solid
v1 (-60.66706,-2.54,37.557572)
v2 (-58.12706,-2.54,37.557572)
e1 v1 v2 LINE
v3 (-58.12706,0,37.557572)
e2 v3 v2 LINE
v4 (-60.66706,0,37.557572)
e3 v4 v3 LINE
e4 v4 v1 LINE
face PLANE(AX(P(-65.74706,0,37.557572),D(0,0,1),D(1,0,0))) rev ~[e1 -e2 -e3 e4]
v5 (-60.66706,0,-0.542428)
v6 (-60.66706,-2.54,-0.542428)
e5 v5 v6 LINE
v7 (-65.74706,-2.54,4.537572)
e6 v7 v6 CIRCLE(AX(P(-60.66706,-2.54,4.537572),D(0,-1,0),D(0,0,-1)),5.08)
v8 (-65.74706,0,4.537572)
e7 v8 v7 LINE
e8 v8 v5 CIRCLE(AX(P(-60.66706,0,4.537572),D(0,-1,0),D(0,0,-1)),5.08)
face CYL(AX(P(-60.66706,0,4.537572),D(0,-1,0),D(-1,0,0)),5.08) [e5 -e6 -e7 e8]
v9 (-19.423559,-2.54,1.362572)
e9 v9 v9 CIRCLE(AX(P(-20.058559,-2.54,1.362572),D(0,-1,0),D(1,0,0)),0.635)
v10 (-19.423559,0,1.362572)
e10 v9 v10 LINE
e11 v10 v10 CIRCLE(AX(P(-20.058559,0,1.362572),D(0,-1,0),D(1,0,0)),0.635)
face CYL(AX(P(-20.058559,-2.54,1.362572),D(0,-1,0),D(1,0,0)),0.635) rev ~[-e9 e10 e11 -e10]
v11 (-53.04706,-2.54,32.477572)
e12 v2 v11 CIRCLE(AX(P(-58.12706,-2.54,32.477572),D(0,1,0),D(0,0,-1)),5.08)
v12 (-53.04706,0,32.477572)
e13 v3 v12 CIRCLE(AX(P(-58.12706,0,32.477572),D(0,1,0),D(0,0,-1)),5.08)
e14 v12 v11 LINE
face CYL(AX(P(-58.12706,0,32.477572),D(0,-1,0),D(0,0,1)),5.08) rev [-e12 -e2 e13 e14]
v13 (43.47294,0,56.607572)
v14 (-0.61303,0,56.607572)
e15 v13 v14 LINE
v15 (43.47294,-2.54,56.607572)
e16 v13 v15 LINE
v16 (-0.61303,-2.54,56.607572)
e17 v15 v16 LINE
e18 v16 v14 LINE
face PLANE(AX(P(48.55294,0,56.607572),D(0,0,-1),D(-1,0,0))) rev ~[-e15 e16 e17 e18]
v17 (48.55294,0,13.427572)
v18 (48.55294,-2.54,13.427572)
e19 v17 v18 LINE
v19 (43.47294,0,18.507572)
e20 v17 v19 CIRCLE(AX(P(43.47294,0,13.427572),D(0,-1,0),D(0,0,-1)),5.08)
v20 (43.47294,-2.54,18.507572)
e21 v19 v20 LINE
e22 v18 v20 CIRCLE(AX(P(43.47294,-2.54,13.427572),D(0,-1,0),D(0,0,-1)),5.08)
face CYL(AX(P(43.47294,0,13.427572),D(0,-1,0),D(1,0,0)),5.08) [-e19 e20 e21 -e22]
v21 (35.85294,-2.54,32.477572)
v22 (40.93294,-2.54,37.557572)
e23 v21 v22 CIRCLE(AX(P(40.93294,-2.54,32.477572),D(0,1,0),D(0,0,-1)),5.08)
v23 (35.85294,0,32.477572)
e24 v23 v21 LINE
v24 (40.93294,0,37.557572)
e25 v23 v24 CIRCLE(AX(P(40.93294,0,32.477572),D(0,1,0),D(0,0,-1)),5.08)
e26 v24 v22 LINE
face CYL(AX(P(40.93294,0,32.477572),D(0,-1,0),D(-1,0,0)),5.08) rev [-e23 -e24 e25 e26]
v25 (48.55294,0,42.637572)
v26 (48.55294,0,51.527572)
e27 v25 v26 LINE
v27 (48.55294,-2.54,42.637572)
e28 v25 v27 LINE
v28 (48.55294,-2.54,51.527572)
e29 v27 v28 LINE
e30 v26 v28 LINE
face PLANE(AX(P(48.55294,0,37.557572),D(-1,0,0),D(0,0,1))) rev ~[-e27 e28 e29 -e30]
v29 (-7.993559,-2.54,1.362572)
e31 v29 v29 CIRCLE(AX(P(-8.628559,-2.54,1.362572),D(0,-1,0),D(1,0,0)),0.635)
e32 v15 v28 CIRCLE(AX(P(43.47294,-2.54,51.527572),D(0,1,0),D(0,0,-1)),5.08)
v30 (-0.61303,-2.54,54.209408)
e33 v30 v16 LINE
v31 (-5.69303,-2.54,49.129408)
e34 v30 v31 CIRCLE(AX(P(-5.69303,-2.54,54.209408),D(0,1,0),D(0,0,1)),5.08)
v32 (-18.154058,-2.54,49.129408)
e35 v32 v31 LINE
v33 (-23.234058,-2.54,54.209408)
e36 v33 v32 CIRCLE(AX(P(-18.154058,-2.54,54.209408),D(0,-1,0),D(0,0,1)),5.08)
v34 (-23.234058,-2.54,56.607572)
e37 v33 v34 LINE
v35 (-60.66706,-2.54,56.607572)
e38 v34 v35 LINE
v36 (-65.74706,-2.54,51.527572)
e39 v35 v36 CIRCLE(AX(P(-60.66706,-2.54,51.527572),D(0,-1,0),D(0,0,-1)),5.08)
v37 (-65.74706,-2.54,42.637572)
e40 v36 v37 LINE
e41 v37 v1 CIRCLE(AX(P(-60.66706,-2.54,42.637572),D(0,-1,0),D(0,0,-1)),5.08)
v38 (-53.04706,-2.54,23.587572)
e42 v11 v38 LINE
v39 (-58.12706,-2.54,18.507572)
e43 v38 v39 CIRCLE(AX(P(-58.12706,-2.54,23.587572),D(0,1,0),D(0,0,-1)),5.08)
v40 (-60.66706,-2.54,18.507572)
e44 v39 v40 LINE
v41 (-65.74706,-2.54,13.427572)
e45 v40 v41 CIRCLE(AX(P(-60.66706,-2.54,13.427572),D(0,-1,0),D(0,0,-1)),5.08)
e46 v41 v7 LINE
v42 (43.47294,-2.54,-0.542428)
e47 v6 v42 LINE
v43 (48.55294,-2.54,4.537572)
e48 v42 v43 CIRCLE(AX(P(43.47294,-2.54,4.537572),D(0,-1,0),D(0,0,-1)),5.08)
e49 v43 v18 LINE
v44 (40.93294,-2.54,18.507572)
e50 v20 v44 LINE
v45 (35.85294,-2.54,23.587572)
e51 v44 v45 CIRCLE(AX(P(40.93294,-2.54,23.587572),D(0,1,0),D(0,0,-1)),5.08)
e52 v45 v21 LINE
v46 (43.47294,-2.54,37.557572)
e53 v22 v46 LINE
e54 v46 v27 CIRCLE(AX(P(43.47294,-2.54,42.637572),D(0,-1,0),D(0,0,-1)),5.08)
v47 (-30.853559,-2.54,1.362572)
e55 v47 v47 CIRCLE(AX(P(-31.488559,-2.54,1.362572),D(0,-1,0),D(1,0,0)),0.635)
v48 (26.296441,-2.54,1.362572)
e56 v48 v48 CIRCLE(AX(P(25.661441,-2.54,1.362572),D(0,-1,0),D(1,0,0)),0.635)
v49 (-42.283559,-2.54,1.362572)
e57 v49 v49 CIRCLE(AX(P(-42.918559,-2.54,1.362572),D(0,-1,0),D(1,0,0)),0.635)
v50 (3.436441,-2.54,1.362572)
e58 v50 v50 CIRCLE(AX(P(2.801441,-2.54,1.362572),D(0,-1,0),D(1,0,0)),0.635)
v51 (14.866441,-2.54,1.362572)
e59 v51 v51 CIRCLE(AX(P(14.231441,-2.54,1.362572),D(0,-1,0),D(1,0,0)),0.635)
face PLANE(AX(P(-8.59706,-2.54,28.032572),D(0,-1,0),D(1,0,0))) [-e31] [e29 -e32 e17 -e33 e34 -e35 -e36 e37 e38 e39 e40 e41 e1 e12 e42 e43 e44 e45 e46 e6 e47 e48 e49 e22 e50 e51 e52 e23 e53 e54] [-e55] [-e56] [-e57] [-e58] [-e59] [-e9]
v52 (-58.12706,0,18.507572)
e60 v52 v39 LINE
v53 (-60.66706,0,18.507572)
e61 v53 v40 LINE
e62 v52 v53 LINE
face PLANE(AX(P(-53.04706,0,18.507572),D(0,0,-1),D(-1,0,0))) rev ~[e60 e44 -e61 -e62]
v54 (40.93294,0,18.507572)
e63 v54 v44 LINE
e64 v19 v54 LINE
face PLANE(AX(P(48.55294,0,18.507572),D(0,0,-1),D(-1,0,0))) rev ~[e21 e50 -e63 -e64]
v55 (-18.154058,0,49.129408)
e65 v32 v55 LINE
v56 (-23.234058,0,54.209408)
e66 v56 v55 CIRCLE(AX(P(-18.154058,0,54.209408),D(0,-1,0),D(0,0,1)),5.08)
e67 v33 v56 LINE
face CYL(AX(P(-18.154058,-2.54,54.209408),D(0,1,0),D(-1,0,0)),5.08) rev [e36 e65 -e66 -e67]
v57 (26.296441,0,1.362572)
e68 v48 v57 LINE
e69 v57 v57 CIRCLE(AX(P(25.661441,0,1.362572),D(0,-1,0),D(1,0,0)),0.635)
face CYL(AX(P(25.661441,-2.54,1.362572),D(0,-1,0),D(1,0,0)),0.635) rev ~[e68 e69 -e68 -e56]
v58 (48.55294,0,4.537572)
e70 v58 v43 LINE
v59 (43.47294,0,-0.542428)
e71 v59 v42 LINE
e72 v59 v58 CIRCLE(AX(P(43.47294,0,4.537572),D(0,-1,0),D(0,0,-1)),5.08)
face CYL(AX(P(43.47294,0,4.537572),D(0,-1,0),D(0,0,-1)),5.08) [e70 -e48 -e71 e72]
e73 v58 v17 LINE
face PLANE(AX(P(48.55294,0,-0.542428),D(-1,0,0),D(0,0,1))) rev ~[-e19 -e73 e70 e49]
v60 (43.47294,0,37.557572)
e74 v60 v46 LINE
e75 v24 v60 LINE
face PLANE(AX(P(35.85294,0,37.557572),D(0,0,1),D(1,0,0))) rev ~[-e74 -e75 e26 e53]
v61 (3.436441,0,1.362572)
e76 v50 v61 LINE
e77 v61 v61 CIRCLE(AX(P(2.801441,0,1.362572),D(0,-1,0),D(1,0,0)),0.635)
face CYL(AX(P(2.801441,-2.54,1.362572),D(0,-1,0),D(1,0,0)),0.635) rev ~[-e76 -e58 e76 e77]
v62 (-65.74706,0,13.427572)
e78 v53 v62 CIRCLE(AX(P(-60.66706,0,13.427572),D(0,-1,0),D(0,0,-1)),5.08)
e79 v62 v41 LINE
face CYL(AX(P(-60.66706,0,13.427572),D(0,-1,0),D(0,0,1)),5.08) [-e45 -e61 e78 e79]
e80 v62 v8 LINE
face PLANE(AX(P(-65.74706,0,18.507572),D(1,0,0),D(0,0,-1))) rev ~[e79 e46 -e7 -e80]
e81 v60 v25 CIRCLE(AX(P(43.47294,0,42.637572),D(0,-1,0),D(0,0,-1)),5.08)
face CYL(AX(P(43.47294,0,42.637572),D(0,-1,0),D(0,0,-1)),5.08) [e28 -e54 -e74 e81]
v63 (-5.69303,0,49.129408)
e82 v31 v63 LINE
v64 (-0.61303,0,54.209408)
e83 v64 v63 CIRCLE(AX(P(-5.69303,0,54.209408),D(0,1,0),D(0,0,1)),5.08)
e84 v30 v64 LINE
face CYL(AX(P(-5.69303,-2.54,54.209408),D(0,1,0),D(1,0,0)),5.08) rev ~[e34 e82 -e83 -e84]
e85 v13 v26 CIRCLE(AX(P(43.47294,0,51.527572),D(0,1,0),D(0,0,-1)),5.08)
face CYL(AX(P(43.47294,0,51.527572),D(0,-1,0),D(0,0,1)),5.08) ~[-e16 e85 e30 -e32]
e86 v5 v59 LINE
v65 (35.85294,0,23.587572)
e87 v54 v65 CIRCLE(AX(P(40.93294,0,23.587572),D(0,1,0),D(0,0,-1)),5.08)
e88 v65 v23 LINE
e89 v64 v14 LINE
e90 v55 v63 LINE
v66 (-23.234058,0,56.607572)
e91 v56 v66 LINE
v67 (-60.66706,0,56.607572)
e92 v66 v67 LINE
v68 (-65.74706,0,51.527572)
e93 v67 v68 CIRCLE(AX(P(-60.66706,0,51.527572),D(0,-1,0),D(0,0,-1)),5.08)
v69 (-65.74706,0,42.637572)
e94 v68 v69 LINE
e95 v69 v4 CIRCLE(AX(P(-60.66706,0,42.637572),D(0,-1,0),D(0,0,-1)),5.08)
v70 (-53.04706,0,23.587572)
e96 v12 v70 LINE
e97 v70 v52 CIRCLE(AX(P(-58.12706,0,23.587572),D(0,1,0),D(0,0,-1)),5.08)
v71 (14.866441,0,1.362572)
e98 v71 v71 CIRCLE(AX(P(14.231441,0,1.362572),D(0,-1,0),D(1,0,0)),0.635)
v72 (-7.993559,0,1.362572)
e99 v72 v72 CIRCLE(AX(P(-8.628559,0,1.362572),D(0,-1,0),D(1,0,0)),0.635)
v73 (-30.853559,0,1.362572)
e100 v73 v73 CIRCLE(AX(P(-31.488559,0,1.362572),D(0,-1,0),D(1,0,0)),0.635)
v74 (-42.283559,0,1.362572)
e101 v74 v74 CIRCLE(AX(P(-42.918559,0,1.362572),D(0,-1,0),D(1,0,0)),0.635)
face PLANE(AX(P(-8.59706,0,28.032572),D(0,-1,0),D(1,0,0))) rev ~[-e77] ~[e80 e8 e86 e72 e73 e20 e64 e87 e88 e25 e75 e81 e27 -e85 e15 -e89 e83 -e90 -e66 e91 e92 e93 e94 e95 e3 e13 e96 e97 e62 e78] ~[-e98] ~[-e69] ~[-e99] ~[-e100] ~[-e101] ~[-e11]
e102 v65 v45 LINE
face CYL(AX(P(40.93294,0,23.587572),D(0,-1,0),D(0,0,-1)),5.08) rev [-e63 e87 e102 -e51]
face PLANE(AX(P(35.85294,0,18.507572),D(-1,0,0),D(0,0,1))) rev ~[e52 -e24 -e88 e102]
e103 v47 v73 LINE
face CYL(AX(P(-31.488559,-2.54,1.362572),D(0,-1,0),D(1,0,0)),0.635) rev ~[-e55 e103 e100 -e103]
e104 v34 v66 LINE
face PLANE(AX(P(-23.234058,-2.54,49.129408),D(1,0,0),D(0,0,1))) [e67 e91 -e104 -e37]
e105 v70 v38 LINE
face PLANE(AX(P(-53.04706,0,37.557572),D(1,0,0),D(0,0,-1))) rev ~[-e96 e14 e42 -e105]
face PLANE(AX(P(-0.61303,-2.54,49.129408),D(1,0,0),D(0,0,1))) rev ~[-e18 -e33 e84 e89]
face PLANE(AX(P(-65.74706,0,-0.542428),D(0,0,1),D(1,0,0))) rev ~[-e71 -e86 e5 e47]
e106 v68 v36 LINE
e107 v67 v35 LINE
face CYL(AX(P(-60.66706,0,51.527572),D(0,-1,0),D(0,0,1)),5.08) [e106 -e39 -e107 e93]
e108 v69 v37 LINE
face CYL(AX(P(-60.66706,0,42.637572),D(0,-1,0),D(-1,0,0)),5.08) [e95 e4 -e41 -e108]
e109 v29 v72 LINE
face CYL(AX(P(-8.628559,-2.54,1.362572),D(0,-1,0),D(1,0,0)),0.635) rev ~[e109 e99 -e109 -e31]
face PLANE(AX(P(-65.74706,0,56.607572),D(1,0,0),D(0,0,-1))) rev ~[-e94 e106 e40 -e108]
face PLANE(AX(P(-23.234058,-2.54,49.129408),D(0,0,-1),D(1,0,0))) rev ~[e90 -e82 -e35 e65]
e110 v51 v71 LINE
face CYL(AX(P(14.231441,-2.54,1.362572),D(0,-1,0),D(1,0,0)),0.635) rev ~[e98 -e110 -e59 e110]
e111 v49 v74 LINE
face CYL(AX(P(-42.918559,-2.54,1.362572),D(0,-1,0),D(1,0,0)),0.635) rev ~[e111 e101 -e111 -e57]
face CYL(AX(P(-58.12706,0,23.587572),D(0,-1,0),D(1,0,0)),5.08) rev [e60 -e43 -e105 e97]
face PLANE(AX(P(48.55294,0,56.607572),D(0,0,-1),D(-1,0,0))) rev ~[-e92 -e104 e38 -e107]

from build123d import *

# Parameters (mm, degrees)
F1_DEPTH = 2.54
F2_R     = 5.08
F3_R     = 0.635
F4_DEPTH = 25.4
F5_W     = 22.621028
F5_H     = 7.478164
F6_DEPTH = 25.4
F7_R     = 5.08


with BuildPart() as f1:
    # F0 (on Front) → F1 (new body)
    with BuildSketch(Plane.XZ):
        Polygon((48.55294, 56.607572), (-65.74706, 56.607572), (-65.74706, 37.557572), (-53.04706, 37.557572), (-53.04706, 18.507572), (-65.74706, 18.507572), (-65.74706, -0.542428), (48.55294, -0.542428), (48.55294, 18.507572), (35.85294, 18.507572), (35.85294, 37.557572), (48.55294, 37.557572), align=None)
    extrude(amount=F1_DEPTH)

    # F2
    f2_edges = [f1.edges().sort_by_distance(p)[0] for p in [
        (-65.74706, -1.27, 56.607572),
        (-65.74706, -1.27, 37.557572),
        (-53.04706, -1.27, 37.557572),
        (-53.04706, -1.27, 18.507572),
        (-65.74706, -1.27, 18.507572),
        (-65.74706, -1.27, -0.542428),
        (48.55294, -1.27, -0.542428),
        (35.85294, -1.27, 18.507572),
        (48.55294, -1.27, 18.507572),
        (35.85294, -1.27, 37.557572),
        (48.55294, -1.27, 37.557572),
        (48.55294, -1.27, 56.607572),
    ]]
    fillet(f2_edges, radius=F2_R)

    # F3 (on face) → F4 (cut)
    with BuildSketch(Plane.XZ.offset(2.54)):
        with Locations((-42.918559, 1.362572)):
            Circle(F3_R)
        with Locations((-31.488559, 1.362572)):
            Circle(F3_R)
        with Locations((-20.058559, 1.362572)):
            Circle(F3_R)
        with Locations((-8.628559, 1.362572)):
            Circle(F3_R)
        with Locations((2.801441, 1.362572)):
            Circle(F3_R)
        with Locations((14.231441, 1.362572)):
            Circle(F3_R)
        with Locations((25.661441, 1.362572)):
            Circle(F3_R)
    extrude(amount=-F4_DEPTH, mode=Mode.SUBTRACT)

    # F5 (on face) → F6 (cut)
    with BuildSketch(Plane.XZ.offset(2.54)):
        with Locations((-11.923544, 52.86849)):
            Rectangle(F5_W, F5_H)
    extrude(amount=-F6_DEPTH, mode=Mode.SUBTRACT)

    # F7
    f7_edges = [f1.edges().sort_by_distance(p)[0] for p in [
        (-23.234058, -1.27, 49.129408),
        (-0.61303, -1.27, 49.129408),
    ]]
    fillet(f7_edges, radius=F7_R)


solid = f1.part
